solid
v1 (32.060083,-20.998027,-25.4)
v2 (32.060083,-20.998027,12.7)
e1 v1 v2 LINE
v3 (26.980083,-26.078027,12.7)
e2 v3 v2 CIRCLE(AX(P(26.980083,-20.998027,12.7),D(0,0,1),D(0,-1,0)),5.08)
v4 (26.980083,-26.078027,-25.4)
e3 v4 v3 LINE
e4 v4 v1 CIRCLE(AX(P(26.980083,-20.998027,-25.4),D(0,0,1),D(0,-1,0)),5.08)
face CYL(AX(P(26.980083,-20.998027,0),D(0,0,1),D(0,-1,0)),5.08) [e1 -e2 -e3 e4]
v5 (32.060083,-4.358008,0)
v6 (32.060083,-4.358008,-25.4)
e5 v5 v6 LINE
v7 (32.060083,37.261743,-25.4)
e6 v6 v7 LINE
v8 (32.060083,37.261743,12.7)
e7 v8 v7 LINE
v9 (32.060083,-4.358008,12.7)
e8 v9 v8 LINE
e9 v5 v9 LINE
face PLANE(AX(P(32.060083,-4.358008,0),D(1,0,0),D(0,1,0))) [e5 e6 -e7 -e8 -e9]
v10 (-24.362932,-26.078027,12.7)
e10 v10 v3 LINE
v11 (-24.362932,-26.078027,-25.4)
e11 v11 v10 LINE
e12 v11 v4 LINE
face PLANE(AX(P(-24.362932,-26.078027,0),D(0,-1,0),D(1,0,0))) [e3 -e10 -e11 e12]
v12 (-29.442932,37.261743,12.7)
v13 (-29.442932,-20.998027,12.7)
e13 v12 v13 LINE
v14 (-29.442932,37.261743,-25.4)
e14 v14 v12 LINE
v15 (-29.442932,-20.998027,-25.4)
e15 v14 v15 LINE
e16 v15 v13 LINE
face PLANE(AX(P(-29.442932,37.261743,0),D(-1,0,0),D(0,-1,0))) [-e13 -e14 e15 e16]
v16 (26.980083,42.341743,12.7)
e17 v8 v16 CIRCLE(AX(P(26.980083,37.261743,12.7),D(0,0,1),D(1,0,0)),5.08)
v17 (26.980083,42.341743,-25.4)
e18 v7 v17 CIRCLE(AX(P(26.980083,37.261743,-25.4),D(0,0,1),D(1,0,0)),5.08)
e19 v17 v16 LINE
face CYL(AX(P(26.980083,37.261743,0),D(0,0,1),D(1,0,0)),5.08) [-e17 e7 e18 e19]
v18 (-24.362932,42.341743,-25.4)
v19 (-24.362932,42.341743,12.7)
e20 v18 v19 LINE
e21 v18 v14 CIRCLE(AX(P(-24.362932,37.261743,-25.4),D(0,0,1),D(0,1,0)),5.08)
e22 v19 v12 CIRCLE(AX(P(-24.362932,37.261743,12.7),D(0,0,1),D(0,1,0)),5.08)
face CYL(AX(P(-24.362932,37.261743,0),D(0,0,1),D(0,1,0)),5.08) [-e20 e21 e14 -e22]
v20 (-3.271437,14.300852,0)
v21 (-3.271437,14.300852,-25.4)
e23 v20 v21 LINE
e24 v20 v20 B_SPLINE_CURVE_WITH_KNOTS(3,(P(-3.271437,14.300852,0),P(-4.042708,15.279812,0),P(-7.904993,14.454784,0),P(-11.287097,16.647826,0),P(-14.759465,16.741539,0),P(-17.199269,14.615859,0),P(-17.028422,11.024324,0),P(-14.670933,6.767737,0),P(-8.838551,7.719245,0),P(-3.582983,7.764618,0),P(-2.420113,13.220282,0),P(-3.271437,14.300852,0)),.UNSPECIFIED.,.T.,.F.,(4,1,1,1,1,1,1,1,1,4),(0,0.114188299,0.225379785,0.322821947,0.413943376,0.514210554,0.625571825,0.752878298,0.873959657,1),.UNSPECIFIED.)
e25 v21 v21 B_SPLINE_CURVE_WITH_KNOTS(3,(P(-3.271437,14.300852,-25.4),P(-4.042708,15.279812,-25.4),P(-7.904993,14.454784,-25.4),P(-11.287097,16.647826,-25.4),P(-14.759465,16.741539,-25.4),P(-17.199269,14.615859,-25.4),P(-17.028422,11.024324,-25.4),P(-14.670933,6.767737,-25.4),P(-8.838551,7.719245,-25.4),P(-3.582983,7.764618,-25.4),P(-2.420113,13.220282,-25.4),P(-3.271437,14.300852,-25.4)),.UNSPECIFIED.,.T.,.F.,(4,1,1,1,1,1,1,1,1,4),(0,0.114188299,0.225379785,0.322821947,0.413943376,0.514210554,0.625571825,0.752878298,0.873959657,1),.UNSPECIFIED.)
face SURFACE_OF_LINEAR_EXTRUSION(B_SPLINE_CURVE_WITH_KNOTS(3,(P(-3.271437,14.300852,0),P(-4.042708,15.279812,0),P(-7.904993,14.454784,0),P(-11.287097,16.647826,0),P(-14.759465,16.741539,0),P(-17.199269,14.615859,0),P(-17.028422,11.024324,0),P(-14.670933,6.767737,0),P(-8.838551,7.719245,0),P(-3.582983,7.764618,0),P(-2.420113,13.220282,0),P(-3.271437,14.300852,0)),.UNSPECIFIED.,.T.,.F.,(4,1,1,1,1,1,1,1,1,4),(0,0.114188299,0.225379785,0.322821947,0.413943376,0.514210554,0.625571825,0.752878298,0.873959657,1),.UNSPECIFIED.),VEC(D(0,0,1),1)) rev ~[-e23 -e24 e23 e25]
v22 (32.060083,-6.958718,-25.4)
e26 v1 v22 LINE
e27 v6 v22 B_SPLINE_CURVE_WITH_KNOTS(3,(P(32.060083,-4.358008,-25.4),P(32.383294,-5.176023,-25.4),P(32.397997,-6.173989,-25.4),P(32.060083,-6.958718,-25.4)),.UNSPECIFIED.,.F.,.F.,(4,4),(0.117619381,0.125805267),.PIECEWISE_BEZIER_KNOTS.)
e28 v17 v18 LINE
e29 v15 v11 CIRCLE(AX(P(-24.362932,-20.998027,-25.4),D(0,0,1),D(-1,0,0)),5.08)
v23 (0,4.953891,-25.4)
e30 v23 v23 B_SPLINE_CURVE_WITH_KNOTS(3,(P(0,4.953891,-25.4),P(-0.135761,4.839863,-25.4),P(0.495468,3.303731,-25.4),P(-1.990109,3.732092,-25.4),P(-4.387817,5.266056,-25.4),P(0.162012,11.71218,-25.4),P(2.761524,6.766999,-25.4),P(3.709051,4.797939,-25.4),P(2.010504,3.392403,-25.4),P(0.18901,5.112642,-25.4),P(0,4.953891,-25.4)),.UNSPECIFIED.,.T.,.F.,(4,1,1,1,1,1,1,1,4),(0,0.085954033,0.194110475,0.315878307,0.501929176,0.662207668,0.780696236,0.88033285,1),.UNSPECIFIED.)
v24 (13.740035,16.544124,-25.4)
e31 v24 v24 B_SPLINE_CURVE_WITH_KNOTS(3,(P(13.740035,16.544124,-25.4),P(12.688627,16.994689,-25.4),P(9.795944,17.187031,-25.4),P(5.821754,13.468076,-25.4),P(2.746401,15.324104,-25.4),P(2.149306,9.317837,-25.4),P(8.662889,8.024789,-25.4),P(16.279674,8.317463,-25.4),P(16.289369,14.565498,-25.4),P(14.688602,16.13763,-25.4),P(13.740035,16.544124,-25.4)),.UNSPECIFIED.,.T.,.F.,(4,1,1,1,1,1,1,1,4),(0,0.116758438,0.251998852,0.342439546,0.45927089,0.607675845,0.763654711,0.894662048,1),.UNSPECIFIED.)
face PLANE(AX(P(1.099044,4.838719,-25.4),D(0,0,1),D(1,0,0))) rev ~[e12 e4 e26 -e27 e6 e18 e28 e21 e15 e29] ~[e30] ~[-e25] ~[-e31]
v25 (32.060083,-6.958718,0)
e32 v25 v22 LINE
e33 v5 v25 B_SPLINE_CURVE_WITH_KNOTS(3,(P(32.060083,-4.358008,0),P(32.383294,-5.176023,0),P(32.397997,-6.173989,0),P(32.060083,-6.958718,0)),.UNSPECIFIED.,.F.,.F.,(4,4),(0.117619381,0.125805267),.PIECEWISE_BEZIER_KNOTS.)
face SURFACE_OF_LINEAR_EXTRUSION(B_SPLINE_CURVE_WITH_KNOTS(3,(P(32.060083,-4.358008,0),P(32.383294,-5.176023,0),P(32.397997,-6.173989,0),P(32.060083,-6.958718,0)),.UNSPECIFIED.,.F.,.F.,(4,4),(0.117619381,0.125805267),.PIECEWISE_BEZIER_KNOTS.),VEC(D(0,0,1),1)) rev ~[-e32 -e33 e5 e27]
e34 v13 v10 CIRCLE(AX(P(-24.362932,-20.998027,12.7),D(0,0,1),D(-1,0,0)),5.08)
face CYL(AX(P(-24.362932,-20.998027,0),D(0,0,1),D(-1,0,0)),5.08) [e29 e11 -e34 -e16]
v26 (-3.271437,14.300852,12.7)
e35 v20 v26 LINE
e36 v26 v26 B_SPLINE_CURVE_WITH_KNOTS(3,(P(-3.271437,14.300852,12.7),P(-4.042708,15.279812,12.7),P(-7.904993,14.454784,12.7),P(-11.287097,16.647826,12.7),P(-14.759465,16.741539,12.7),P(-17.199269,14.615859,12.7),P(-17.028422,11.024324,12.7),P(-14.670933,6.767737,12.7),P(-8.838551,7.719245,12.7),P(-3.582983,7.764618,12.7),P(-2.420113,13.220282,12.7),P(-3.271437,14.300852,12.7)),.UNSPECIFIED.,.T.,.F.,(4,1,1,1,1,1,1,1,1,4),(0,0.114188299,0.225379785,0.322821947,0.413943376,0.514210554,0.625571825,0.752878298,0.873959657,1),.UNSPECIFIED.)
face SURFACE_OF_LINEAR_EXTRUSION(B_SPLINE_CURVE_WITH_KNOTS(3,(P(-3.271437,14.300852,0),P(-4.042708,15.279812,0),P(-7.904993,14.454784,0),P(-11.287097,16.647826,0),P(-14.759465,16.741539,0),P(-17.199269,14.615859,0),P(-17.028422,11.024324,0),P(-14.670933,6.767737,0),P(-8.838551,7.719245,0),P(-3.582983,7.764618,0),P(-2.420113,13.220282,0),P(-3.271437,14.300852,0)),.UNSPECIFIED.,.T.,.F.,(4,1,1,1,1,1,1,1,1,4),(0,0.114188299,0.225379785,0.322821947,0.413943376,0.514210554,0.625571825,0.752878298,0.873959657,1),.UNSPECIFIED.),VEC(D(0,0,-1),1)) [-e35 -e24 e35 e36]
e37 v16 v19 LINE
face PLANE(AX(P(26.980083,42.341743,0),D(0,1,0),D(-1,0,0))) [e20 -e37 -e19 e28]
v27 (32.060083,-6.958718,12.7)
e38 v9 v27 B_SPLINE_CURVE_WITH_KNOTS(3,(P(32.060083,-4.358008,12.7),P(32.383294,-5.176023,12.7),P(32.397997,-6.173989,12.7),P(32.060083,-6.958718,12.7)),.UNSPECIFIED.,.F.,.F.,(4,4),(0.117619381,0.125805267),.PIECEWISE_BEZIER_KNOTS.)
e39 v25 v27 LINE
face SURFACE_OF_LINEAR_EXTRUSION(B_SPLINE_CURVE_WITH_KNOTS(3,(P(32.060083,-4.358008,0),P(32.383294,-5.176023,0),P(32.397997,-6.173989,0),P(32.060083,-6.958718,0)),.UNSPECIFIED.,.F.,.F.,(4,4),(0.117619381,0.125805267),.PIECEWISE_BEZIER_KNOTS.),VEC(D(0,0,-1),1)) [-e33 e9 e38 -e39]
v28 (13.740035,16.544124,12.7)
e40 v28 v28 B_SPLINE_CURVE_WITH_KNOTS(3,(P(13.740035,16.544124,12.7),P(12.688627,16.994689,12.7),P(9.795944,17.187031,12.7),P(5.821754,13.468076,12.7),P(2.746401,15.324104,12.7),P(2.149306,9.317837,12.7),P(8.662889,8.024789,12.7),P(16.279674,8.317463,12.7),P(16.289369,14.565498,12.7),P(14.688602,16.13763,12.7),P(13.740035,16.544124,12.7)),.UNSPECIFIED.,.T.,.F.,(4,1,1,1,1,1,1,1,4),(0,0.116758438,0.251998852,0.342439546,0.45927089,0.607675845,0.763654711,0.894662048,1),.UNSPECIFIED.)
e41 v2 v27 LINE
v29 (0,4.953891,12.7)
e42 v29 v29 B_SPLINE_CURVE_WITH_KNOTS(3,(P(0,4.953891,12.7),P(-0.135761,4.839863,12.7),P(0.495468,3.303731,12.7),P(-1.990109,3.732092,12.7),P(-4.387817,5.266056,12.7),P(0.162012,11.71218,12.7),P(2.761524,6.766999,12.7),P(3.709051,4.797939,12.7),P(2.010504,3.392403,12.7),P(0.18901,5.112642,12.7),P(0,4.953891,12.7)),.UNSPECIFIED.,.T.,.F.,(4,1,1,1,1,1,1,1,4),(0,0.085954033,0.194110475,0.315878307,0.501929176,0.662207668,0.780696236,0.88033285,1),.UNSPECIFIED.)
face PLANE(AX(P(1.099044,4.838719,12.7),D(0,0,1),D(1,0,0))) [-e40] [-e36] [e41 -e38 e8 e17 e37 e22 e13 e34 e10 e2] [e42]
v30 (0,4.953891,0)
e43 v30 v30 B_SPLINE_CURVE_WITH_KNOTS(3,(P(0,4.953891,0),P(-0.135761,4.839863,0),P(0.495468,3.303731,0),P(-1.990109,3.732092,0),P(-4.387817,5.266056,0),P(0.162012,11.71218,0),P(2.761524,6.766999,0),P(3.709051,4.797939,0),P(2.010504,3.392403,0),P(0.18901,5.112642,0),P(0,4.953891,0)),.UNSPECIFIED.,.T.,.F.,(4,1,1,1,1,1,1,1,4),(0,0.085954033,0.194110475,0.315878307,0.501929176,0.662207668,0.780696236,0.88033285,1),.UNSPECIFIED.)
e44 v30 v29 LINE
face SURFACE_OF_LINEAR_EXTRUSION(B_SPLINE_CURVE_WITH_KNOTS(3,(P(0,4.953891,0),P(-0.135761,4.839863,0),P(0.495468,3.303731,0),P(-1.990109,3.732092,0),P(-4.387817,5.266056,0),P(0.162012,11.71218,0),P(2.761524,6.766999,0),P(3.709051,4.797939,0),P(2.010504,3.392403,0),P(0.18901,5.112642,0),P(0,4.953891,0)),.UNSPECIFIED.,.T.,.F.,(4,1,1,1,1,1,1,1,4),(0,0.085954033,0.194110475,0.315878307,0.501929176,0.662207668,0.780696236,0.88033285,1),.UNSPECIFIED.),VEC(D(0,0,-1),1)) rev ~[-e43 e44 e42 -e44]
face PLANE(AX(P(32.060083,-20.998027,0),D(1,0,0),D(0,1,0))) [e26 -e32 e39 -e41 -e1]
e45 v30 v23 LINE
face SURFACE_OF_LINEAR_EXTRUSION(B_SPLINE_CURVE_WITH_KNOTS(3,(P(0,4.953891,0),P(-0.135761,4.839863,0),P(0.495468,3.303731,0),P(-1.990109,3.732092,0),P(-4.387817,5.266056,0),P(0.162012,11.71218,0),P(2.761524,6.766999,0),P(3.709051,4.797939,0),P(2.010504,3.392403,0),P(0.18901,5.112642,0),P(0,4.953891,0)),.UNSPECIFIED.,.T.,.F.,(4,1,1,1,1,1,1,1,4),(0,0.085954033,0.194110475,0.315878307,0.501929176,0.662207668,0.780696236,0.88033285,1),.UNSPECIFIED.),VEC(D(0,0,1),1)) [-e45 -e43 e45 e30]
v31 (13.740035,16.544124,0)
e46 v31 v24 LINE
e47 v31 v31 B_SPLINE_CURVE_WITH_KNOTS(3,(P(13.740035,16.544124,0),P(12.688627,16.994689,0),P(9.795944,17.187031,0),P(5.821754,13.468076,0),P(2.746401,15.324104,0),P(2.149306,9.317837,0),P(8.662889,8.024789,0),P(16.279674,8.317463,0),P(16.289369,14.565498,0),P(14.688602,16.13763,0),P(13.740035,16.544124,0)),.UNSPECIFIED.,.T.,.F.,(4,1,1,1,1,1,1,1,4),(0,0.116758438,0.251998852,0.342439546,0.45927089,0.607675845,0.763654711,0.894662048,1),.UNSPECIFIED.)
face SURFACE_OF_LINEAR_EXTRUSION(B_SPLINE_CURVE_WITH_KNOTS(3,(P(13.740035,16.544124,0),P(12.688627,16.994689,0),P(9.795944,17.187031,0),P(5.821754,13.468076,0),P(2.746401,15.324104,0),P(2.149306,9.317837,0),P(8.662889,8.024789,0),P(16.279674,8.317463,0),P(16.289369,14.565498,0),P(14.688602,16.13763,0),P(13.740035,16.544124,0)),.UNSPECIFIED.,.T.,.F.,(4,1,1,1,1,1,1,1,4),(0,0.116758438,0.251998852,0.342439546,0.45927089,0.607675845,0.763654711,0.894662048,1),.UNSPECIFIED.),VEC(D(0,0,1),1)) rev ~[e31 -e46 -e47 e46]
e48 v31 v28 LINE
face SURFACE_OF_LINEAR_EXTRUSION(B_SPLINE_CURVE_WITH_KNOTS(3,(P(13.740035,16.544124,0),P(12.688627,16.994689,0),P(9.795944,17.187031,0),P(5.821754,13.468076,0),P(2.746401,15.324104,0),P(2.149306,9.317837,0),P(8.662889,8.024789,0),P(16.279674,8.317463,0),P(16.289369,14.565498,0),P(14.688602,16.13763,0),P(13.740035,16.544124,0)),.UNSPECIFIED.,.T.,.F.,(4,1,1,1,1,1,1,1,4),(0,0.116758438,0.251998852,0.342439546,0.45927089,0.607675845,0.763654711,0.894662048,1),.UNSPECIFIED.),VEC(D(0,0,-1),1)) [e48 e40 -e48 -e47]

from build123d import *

# Parameters (mm, degrees)
F1_DEPTH = 12.7
F2_DEPTH = 25.4


with BuildPart() as f1:
    # F0 (on Top) → F1 (new body)
    with BuildSketch(Plane.XY):
        with BuildLine():
            add(Edge.make_bspline(
                [(32.0600830018, -6.9587179934), (31.9279431466, -7.2655833349), (30.6961275394, -9.0813052485), (24.791663381, -8.056520931), (22.2785653578, -6.8297847191), (16.3749937923, -7.6860126893), (9.1538072627, -9.6365706593), (21.0394473651, -13.1174215567), (21.7646715107, -8.4218784607), (26.8757679457, -9.6192253384), (24.4571880864, -14.7097531865), (27.2277815795, -15.5632771856), (27.2688108759, -21.0690380623), (20.9317791593, -21.5004092712), (19.7785765546, -15.3029212456), (4.4664783408, -13.8315983034), (2.3876221669, -11.9187555489), (-6.9774400736, -14.803991134), (-10.9186975514, -14.98024999), (-14.2636249239, -16.3785419309), (-14.8010905155, -20.5392096864), (-19.8013697728, -21.9770988567), (-20.0496302774, -17.9500658207), (-24.8978081217, -18.2888937076), (-26.4995584652, -14.0884455986), (-22.9086976911, -10.7859382167), (-17.5875054636, -13.5862391176), (-7.7808817805, -9.5727542339), (-19.6728530529, -7.4934024055), (-22.4866685608, -10.6918802178), (-26.6301293609, -10.0563743781), (-25.6837292438, -6.9094906148), (-29.9559645622, -3.9316833795), (-27.6001470413, -1.5156820107), (-24.3746840641, 1.0480248366), (-21.5536743393, -3.3252973712), (-8.2074081298, -5.7680272658), (-12.7065916165, -2.7540087512), (-6.860693336, 0.8520234929), (-13.8716656814, 0.0011957897), (-18.8939763988, -0.9843613641), (-19.8877176996, 2.5672232338), (-17.0837583564, 4.807611508), (-21.1741542883, 9.4925146081), (-22.1415771702, 14.4084623248), (-19.7709394835, 17.2985035609), (-21.130572587, 25.1078773987), (-16.6736603832, 37.2404957551), (0.0105530796, 43.9563039301), (13.3217740467, 39.1018456604), (21.214562196, 31.0295967972), (20.1092636644, 19.0706830261), (25.2483770353, 14.7007120639), (17.3856596217, 6.5350889048), (21.4718992519, 5.213301594), (19.6113848455, -2.3022457903), (10.6591475173, 0.4778285608), (10.375129059, 0)],
                knots=[0.1258052667, 0.1258052667, 0.1258052667, 0.1258052667, 0.1290063272, 0.1469978802, 0.1595257596, 0.1775753444, 0.1917199496, 0.2117601133, 0.2250067333, 0.2376369789, 0.2521137174, 0.262530201, 0.2770292776, 0.2918862682, 0.3080887494, 0.3347089141, 0.3472367932, 0.3686209116, 0.3835259948, 0.3959133533, 0.4099117027, 0.4235852796, 0.4353005194, 0.4495008004, 0.462727898, 0.47621158, 0.49396925, 0.5113598928, 0.530824366, 0.5461552724, 0.5582206026, 0.5694884324, 0.5840245065, 0.5955225697, 0.6083315878, 0.6242625106, 0.646958663, 0.6566398427, 0.670297896, 0.6850923617, 0.7014159022, 0.712591613, 0.7242643802, 0.7408965725, 0.7564728501, 0.7692249333, 0.7884930391, 0.8133418637, 0.8423309575, 0.8685650454, 0.8916665626, 0.9153003126, 0.9317575383, 0.9524921578, 0.9636311935, 0.9800078263, 1, 1, 1, 1], degree=3))
            add(Edge.make_bspline(
                [(10.375129059, 0), (10.1954984175, -0.3022080022), (13.2262800231, -2.300692347), (11.2575333323, -5.5660512266), (16.2652582547, -3.0549915603), (19.6837468577, -2.442276314), (24.0024884598, -0.3217624652), (24.3241350746, 1.7953321471), (27.6634241271, 2.5279411056), (26.7607617348, -2.4410175394), (30.9244000425, -2.3702453862), (31.9255405749, -4.0174952536), (32.0600830019, -4.3580081507)],
                knots=[0, 0, 0, 0, 0.0126442732, 0.0228755931, 0.03664556, 0.0514679112, 0.0662850498, 0.0762354893, 0.0864878847, 0.0994736568, 0.1142118622, 0.1176193812, 0.1176193812, 0.1176193812, 0.1176193812], degree=3))
            Line((32.0600830019, -4.3580081507), (32.0600830019, 37.2617426646))
            ThreePointArc((32.0600830019, 37.2617426646), (30.5721854503, 40.853845113), (26.9800830019, 42.3417426646))
            Line((26.9800830019, 42.3417426646), (-24.3629324567, 42.3417426646))
            ThreePointArc((-24.3629324567, 42.3417426646), (-27.9550349052, 40.853845113), (-29.4429324567, 37.2617426646))
            Line((-29.4429324567, 37.2617426646), (-29.4429324567, -20.9980267417))
            ThreePointArc((-29.4429324567, -20.9980267417), (-27.9550349052, -24.5901291902), (-24.3629324567, -26.0780267417))
            Line((-24.3629324567, -26.0780267417), (26.9800830019, -26.0780267417))
            ThreePointArc((26.9800830019, -26.0780267417), (30.5721854503, -24.5901291902), (32.0600830019, -20.9980267417))
            Line((32.0600830019, -20.9980267417), (32.0600830019, -6.9587179934))
        make_face()
        with BuildLine():
            add(Edge.make_bspline(
                [(10.375129059, 0), (10.1954984175, -0.3022080022), (13.2262800231, -2.300692347), (11.2575333323, -5.5660512266), (16.2652582547, -3.0549915603), (19.6837468577, -2.442276314), (24.0024884598, -0.3217624652), (24.3241350746, 1.7953321471), (27.6634241271, 2.5279411056), (26.7607617348, -2.4410175394), (30.9244000425, -2.3702453862), (31.9255405749, -4.0174952536), (32.0600830019, -4.3580081507)],
                knots=[0, 0, 0, 0, 0.0126442732, 0.0228755931, 0.03664556, 0.0514679112, 0.0662850498, 0.0762354893, 0.0864878847, 0.0994736568, 0.1142118622, 0.1176193812, 0.1176193812, 0.1176193812, 0.1176193812], degree=3))
            add(Edge.make_bspline(
                [(32.0600830018, -6.9587179934), (31.9279431466, -7.2655833349), (30.6961275394, -9.0813052485), (24.791663381, -8.056520931), (22.2785653578, -6.8297847191), (16.3749937923, -7.6860126893), (9.1538072627, -9.6365706593), (21.0394473651, -13.1174215567), (21.7646715107, -8.4218784607), (26.8757679457, -9.6192253384), (24.4571880864, -14.7097531865), (27.2277815795, -15.5632771856), (27.2688108759, -21.0690380623), (20.9317791593, -21.5004092712), (19.7785765546, -15.3029212456), (4.4664783408, -13.8315983034), (2.3876221669, -11.9187555489), (-6.9774400736, -14.803991134), (-10.9186975514, -14.98024999), (-14.2636249239, -16.3785419309), (-14.8010905155, -20.5392096864), (-19.8013697728, -21.9770988567), (-20.0496302774, -17.9500658207), (-24.8978081217, -18.2888937076), (-26.4995584652, -14.0884455986), (-22.9086976911, -10.7859382167), (-17.5875054636, -13.5862391176), (-7.7808817805, -9.5727542339), (-19.6728530529, -7.4934024055), (-22.4866685608, -10.6918802178), (-26.6301293609, -10.0563743781), (-25.6837292438, -6.9094906148), (-29.9559645622, -3.9316833795), (-27.6001470413, -1.5156820107), (-24.3746840641, 1.0480248366), (-21.5536743393, -3.3252973712), (-8.2074081298, -5.7680272658), (-12.7065916165, -2.7540087512), (-6.860693336, 0.8520234929), (-13.8716656814, 0.0011957897), (-18.8939763988, -0.9843613641), (-19.8877176996, 2.5672232338), (-17.0837583564, 4.807611508), (-21.1741542883, 9.4925146081), (-22.1415771702, 14.4084623248), (-19.7709394835, 17.2985035609), (-21.130572587, 25.1078773987), (-16.6736603832, 37.2404957551), (0.0105530796, 43.9563039301), (13.3217740467, 39.1018456604), (21.214562196, 31.0295967972), (20.1092636644, 19.0706830261), (25.2483770353, 14.7007120639), (17.3856596217, 6.5350889048), (21.4718992519, 5.213301594), (19.6113848455, -2.3022457903), (10.6591475173, 0.4778285608), (10.375129059, 0)],
                knots=[0.1258052667, 0.1258052667, 0.1258052667, 0.1258052667, 0.1290063272, 0.1469978802, 0.1595257596, 0.1775753444, 0.1917199496, 0.2117601133, 0.2250067333, 0.2376369789, 0.2521137174, 0.262530201, 0.2770292776, 0.2918862682, 0.3080887494, 0.3347089141, 0.3472367932, 0.3686209116, 0.3835259948, 0.3959133533, 0.4099117027, 0.4235852796, 0.4353005194, 0.4495008004, 0.462727898, 0.47621158, 0.49396925, 0.5113598928, 0.530824366, 0.5461552724, 0.5582206026, 0.5694884324, 0.5840245065, 0.5955225697, 0.6083315878, 0.6242625106, 0.646958663, 0.6566398427, 0.670297896, 0.6850923617, 0.7014159022, 0.712591613, 0.7242643802, 0.7408965725, 0.7564728501, 0.7692249333, 0.7884930391, 0.8133418637, 0.8423309575, 0.8685650454, 0.8916665626, 0.9153003126, 0.9317575383, 0.9524921578, 0.9636311935, 0.9800078263, 1, 1, 1, 1], degree=3))
            Line((32.0600830019, -6.9587179934), (32.0600830019, -4.3580081507))
        make_face()
        with BuildLine():
            add(Edge.make_bspline(
                [(0, 4.9538905732), (-0.1357612224, 4.8398633161), (0.4954678989, 3.3037312894), (-1.9901092041, 3.7320916296), (-4.3878171824, 5.2660563259), (0.1620122815, 11.7121796278), (2.7615235426, 6.7669994781), (3.7090511954, 4.7979390424), (2.0105041866, 3.3924030734), (0.1890098463, 5.1126419012), (0, 4.9538905732)],
                knots=[0, 0, 0, 0, 0.0859540333, 0.1941104754, 0.3158783073, 0.5019291755, 0.6622076676, 0.7806962362, 0.8803328497, 1, 1, 1, 1], degree=3))
        make_face(mode=Mode.SUBTRACT)
        with BuildLine():
            add(Edge.make_bspline(
                [(-3.2714370172, 14.3008520827), (-4.0427079695, 15.2798123334), (-7.9049926304, 14.4547836702), (-11.2870972748, 16.6478262385), (-14.7594654865, 16.7415386684), (-17.1992688942, 14.6158588934), (-17.0284222623, 11.0243235351), (-14.6709333424, 6.7677368028), (-8.8385507894, 7.7192453981), (-3.5829829727, 7.7646177732), (-2.4201128785, 13.2202817722), (-3.2714370172, 14.3008520827)],
                knots=[0, 0, 0, 0, 0.1141882991, 0.2253797846, 0.3228219465, 0.4139433758, 0.5142105543, 0.625571825, 0.7528782979, 0.873959657, 1, 1, 1, 1], degree=3))
        make_face(mode=Mode.SUBTRACT)
        with BuildLine():
            add(Edge.make_bspline(
                [(13.7400347739, 16.5441241115), (12.6886267213, 16.9946894909), (9.7959440549, 17.187031282), (5.8217538529, 13.4680755853), (2.7464012182, 15.3241039901), (2.149305706, 9.3178369323), (8.6628890767, 8.0247887948), (16.2796739071, 8.3174625748), (16.2893694254, 14.5654978678), (14.6886015191, 16.1376298544), (13.7400347739, 16.5441241115)],
                knots=[0, 0, 0, 0, 0.1167584378, 0.2519988519, 0.342439546, 0.4592708895, 0.6076758447, 0.7636547112, 0.8946620477, 1, 1, 1, 1], degree=3))
        make_face(mode=Mode.SUBTRACT)
        with BuildLine():
            add(Edge.make_bspline(
                [(32.0600830019, -4.3580081507), (32.3832943758, -5.1760225405), (32.3979965544, -6.1739891356), (32.0600830018, -6.9587179934)],
                knots=[0.1176193812, 0.1176193812, 0.1176193812, 0.1176193812, 0.1258052667, 0.1258052667, 0.1258052667, 0.1258052667], degree=3))
            Line((32.0600830019, -4.3580081507), (32.0600830019, -6.9587179934))
        make_face()
    extrude(amount=F1_DEPTH)

    # F2 (add): a face of the model
    f2_faces = [f1.faces().sort_by_distance(p)[0] for p in [
        (29.9204781947, 40.2021378574, 0),
    ]]
    extrude(f2_faces, amount=F2_DEPTH)


solid = f1.part
